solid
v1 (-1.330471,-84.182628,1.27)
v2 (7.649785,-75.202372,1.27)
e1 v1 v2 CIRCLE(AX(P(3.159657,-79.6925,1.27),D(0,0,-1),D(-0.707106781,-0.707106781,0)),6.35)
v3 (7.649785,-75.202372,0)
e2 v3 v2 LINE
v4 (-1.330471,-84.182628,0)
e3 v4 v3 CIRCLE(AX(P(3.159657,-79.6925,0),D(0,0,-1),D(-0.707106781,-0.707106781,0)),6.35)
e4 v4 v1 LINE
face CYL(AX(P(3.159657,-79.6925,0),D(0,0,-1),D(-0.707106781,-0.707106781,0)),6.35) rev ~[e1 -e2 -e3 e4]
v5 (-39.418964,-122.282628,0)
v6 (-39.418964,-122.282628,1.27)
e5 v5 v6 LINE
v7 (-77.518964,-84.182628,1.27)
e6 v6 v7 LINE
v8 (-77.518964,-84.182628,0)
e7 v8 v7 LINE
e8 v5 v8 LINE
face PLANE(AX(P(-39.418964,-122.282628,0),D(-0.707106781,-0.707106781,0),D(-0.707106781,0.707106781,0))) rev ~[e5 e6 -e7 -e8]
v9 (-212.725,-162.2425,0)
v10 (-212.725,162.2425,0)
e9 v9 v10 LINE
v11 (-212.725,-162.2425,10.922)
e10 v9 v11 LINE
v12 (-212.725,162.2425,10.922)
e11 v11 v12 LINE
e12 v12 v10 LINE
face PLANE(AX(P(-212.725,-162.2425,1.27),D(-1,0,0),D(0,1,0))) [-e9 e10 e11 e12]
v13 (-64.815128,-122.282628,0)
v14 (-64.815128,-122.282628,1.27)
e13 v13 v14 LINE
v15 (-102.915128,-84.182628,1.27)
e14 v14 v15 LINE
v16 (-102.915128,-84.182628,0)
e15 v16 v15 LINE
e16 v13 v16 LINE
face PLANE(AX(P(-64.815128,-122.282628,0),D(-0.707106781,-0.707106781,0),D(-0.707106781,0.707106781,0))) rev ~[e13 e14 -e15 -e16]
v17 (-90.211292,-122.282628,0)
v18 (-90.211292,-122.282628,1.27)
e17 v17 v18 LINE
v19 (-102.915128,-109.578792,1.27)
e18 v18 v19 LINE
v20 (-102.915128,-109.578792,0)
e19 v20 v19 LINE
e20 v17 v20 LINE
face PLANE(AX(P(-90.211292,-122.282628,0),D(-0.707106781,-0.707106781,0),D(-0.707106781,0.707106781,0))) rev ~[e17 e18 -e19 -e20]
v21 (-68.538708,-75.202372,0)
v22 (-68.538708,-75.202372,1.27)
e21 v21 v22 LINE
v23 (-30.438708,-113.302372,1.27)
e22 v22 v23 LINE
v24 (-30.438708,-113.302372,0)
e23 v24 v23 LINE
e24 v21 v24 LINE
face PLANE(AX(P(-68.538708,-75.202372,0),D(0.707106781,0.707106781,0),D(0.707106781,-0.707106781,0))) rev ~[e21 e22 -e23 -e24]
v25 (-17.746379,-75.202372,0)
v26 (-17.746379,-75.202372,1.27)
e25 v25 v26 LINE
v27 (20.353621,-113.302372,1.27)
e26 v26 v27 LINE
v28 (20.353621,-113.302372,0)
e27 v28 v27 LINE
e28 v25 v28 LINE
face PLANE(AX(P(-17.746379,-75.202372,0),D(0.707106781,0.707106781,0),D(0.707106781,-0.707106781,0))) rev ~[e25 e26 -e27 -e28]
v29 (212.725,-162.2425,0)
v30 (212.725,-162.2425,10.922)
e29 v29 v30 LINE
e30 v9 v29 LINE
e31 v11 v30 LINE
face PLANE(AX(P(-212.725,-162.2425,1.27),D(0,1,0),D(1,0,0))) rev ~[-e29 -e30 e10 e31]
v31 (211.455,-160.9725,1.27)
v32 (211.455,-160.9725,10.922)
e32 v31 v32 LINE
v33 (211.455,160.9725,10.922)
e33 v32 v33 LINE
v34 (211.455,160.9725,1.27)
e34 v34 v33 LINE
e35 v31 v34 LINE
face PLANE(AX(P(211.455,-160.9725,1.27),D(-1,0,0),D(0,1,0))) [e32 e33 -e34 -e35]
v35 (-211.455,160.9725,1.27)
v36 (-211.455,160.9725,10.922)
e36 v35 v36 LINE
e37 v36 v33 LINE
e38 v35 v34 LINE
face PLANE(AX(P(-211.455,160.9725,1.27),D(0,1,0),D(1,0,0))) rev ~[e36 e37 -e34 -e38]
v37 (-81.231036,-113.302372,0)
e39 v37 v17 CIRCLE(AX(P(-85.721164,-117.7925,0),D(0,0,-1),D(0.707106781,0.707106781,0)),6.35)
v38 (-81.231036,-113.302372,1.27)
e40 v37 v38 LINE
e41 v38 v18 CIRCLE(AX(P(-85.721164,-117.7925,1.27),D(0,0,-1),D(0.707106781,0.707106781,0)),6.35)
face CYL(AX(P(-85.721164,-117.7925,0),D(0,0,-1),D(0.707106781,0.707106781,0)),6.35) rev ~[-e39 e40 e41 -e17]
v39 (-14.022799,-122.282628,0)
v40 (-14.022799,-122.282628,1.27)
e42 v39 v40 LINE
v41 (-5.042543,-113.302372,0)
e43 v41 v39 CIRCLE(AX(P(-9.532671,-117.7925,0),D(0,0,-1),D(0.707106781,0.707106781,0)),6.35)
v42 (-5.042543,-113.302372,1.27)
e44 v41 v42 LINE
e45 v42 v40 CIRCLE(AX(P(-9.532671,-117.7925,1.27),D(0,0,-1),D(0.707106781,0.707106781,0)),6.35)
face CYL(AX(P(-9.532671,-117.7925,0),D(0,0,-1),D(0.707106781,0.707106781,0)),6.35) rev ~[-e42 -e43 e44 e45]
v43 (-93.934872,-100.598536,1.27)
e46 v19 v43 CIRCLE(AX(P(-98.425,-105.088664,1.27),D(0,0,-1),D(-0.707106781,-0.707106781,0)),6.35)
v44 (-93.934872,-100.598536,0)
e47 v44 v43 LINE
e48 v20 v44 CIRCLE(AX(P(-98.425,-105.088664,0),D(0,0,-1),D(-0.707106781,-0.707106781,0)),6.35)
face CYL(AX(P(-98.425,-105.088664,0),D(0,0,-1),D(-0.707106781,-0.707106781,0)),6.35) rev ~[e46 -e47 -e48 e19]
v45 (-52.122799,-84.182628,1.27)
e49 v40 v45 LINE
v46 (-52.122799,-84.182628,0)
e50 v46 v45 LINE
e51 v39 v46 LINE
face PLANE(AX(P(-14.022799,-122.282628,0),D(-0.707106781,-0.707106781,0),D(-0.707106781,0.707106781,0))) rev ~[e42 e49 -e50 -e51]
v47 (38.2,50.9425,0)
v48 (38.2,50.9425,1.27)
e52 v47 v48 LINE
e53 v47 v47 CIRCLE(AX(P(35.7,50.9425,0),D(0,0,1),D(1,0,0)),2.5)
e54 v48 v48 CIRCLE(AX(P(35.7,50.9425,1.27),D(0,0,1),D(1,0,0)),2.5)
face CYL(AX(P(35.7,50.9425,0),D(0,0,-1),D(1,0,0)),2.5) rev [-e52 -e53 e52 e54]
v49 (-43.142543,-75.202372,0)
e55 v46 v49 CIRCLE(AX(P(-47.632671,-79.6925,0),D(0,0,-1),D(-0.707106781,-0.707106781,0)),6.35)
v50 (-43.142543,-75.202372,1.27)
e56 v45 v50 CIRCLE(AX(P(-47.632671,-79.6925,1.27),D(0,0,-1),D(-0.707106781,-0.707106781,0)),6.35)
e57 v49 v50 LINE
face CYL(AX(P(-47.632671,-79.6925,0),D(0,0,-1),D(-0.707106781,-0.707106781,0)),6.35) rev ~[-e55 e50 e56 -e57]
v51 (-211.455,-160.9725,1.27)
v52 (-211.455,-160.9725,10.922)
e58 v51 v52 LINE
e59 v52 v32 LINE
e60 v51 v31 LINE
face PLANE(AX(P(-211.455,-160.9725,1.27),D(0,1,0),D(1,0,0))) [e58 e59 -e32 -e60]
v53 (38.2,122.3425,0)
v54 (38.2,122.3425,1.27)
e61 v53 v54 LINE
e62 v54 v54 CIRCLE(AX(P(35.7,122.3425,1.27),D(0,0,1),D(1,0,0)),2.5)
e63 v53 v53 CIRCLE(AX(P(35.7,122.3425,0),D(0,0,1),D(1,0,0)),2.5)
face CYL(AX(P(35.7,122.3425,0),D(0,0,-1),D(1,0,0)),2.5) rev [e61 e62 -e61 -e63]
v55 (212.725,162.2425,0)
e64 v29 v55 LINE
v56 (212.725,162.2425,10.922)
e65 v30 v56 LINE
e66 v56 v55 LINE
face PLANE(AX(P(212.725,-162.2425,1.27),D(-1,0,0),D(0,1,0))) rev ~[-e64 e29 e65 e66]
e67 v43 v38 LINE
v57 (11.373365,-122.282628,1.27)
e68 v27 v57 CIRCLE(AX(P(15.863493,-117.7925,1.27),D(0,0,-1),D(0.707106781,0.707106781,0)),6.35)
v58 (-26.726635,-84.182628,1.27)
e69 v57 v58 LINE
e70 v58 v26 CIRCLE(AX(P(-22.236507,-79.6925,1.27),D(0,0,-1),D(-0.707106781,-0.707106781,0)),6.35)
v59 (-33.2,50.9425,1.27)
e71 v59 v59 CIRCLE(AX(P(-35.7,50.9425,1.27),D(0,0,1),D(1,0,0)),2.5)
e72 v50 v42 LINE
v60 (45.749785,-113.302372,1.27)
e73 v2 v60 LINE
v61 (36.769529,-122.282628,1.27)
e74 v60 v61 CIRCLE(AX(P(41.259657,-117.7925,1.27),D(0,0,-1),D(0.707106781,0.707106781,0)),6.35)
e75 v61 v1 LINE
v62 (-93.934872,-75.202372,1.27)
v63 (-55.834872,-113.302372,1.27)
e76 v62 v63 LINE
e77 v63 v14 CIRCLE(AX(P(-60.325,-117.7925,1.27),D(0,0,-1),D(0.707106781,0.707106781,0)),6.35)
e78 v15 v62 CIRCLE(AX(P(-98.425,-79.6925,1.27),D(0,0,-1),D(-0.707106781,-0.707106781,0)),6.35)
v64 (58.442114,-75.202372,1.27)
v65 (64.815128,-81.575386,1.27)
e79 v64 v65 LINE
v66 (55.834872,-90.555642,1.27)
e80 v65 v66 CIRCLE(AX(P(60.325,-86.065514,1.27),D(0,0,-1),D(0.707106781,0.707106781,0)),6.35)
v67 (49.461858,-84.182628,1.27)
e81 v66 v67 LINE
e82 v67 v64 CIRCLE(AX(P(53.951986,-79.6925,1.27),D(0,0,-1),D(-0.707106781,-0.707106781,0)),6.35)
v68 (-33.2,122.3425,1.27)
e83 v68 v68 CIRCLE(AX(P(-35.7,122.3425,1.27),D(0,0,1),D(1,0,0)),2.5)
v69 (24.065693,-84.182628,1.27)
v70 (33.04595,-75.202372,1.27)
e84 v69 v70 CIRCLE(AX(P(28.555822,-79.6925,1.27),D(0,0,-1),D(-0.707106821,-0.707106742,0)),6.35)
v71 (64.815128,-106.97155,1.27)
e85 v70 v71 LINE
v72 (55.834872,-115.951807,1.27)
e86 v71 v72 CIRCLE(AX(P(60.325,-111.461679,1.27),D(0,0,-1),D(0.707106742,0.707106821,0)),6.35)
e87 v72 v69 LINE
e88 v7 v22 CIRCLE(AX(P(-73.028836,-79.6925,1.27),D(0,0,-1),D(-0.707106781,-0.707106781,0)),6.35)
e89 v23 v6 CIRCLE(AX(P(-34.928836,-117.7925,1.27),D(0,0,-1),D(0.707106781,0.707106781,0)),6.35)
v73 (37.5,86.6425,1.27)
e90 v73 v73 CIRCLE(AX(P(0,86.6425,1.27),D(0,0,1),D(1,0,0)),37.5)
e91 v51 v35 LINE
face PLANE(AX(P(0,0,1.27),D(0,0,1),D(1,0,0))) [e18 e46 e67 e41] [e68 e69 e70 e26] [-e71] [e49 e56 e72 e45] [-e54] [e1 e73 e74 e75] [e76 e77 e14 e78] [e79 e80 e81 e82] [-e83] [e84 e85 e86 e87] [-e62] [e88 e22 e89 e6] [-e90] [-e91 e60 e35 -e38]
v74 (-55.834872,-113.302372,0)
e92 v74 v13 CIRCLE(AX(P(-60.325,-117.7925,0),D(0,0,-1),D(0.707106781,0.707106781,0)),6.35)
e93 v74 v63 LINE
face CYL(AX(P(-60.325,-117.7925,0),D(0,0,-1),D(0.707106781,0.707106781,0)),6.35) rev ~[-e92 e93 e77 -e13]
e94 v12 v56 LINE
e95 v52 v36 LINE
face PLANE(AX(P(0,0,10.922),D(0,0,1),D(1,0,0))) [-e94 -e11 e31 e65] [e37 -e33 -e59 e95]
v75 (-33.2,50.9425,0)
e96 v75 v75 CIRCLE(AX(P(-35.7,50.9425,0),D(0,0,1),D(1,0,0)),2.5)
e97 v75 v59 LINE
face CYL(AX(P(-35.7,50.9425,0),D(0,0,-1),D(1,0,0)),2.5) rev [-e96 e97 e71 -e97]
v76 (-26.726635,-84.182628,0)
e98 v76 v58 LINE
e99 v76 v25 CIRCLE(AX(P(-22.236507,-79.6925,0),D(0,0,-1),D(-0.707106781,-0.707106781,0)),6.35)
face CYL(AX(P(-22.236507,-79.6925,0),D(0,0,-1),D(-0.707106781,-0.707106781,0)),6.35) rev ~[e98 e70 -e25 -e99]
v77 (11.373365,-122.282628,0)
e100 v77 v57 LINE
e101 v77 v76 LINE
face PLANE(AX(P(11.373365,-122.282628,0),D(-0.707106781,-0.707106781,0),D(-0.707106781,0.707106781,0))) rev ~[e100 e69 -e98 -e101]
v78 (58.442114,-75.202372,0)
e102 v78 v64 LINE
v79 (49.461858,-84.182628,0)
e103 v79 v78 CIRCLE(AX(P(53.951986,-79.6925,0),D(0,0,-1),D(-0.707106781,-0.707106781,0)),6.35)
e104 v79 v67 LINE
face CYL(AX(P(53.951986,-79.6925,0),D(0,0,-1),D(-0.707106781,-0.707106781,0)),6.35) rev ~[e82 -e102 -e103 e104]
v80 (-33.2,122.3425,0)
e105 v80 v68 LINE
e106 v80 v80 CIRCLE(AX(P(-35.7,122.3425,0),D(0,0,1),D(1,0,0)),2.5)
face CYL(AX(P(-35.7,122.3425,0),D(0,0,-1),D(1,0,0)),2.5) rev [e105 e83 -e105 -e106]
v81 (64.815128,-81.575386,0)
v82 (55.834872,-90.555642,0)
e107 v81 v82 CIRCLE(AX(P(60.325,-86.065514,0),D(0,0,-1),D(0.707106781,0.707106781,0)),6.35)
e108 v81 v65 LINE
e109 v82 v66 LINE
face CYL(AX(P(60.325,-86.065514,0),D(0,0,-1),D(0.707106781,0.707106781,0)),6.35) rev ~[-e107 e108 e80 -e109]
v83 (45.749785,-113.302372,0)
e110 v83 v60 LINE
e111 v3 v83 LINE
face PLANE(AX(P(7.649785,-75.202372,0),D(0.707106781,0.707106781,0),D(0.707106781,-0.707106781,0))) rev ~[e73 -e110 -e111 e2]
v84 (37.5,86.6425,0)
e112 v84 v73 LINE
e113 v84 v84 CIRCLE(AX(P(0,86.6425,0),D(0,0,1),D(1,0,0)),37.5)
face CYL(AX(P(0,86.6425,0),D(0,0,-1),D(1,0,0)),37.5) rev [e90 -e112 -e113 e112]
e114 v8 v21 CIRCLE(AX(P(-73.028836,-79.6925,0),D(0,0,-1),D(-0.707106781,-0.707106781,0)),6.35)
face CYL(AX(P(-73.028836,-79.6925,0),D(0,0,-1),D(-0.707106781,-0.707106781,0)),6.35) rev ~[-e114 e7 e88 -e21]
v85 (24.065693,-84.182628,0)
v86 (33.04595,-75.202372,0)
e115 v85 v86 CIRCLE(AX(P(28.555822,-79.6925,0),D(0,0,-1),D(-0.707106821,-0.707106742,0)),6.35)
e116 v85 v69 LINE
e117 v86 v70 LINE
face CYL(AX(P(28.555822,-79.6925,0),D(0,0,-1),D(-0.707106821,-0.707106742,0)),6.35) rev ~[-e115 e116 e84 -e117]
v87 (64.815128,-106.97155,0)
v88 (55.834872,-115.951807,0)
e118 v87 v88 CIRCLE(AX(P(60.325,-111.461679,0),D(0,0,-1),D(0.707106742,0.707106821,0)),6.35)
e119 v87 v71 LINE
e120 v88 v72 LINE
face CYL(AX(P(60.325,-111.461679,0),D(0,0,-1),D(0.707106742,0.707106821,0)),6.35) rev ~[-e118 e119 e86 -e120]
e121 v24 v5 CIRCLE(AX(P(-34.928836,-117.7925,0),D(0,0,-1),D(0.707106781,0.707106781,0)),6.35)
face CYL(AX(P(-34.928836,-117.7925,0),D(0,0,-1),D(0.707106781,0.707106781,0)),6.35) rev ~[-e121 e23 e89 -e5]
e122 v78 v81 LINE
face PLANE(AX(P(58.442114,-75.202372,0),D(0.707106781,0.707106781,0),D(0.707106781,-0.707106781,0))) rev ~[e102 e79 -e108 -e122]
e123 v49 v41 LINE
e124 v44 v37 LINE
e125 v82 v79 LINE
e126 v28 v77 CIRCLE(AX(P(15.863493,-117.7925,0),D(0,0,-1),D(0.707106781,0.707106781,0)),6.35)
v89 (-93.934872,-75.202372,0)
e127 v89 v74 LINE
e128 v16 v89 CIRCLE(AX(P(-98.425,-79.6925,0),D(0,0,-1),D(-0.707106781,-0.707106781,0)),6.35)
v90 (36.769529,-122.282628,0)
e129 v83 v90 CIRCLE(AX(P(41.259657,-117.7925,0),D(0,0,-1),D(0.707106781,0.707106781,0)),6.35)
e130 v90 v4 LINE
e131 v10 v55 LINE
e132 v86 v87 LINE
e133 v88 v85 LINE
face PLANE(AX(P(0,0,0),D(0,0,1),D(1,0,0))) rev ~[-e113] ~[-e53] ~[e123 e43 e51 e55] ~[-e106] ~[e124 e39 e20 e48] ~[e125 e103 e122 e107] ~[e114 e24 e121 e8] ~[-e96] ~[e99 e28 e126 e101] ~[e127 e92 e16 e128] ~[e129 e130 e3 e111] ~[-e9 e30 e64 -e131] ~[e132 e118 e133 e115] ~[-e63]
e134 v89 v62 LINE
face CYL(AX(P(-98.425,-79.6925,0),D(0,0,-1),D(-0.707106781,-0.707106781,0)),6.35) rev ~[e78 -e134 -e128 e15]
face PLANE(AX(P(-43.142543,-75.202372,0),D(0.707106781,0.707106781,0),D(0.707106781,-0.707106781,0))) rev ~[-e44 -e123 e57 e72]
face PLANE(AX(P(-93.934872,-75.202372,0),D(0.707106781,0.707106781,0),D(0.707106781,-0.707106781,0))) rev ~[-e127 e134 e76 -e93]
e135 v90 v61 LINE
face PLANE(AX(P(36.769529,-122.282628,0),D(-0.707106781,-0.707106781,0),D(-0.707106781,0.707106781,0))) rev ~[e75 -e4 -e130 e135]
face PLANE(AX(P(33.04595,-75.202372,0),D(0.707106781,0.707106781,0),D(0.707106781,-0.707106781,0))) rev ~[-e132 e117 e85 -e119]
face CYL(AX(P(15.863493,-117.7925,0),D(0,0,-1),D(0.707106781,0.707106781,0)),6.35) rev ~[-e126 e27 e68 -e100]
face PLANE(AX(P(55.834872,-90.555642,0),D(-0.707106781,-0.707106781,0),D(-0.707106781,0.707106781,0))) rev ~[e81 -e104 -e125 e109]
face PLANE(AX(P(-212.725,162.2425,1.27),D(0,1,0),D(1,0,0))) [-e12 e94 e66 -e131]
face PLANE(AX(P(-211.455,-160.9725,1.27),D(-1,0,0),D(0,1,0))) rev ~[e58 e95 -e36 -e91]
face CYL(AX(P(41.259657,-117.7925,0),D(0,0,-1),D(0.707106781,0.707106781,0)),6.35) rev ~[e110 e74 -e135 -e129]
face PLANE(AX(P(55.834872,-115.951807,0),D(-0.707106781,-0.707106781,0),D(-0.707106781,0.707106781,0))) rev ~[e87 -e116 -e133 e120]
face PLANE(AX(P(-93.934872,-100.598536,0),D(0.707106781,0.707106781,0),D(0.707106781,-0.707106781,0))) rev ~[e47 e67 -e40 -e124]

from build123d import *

# Parameters (mm, degrees)
F0_W     = 425.45
F0_H     = 324.485
F0_R     = 2.5
F0_R_2   = 37.5
F1_DEPTH = 1.27
F2_W     = 425.45
F2_H     = 324.485
F2_W_2   = 422.91
F2_H_2   = 321.945
F3_DEPTH = 9.652


with BuildPart() as f1:
    # F0 (on Top) → F1 (new body)
    with BuildSketch(Plane.XY):
        Rectangle(F0_W, F0_H)
        with BuildLine():
            ThreePointArc((-102.915128, -109.578792), (-102.915128, -100.598536), (-93.934872, -100.598536))
            Line((-93.934872, -100.598536), (-81.231036, -113.302372))
            ThreePointArc((-81.231036, -113.302372), (-81.231036, -122.282628), (-90.211292, -122.282628))
            Line((-90.211292, -122.282628), (-102.915128, -109.578792))
        make_face(mode=Mode.SUBTRACT)
        with BuildLine():
            ThreePointArc((-102.915128, -84.182628), (-102.915128, -75.202372), (-93.934872, -75.202372))
            Line((-93.934872, -75.202372), (-55.834872, -113.302372))
            ThreePointArc((-55.834872, -113.302372), (-55.834872, -122.282628), (-64.815128, -122.282628))
            Line((-64.815128, -122.282628), (-102.915128, -84.182628))
        make_face(mode=Mode.SUBTRACT)
        with BuildLine():
            Line((-39.418964, -122.282628), (-77.518964, -84.182628))
            ThreePointArc((-77.518964, -84.182628), (-77.518964, -75.202372), (-68.538708, -75.202372))
            Line((-68.538708, -75.202372), (-30.438708, -113.302372))
            ThreePointArc((-30.438708, -113.302372), (-30.438708, -122.282628), (-39.418964, -122.282628))
        make_face(mode=Mode.SUBTRACT)
        with BuildLine():
            Line((-14.022799, -122.282628), (-52.122799, -84.182628))
            ThreePointArc((-52.122799, -84.182628), (-52.122799, -75.202372), (-43.142543, -75.202372))
            Line((-43.142543, -75.202372), (-5.042543, -113.302372))
            ThreePointArc((-5.042543, -113.302372), (-5.042543, -122.282628), (-14.022799, -122.282628))
        make_face(mode=Mode.SUBTRACT)
        with BuildLine():
            Line((11.373365, -122.282628), (-26.726635, -84.182628))
            ThreePointArc((-26.726635, -84.182628), (-26.726635, -75.202372), (-17.746379, -75.202372))
            Line((-17.746379, -75.202372), (20.353621, -113.302372))
            ThreePointArc((20.353621, -113.302372), (20.353621, -122.282628), (11.373365, -122.282628))
        make_face(mode=Mode.SUBTRACT)
        with BuildLine():
            Line((36.769529, -122.282628), (-1.330471, -84.182628))
            ThreePointArc((-1.330471, -84.182628), (-1.330471, -75.202372), (7.649785, -75.202372))
            Line((7.649785, -75.202372), (45.749785, -113.302372))
            ThreePointArc((45.749785, -113.302372), (45.749785, -122.282628), (36.769529, -122.282628))
        make_face(mode=Mode.SUBTRACT)
        with BuildLine():
            Line((55.834872, -115.951807), (24.065693, -84.182628))
            ThreePointArc((24.065693, -84.182628), (24.065693, -75.202372), (33.04595, -75.202372))
            Line((33.04595, -75.202372), (64.815128, -106.97155))
            ThreePointArc((64.815128, -106.97155), (64.815128, -115.951807), (55.834872, -115.951807))
        make_face(mode=Mode.SUBTRACT)
        with BuildLine():
            Line((55.834872, -90.555642), (49.461858, -84.182628))
            ThreePointArc((49.461858, -84.182628), (49.461858, -75.202372), (58.442114, -75.202372))
            Line((58.442114, -75.202372), (64.815128, -81.575386))
            ThreePointArc((64.815128, -81.575386), (64.815128, -90.555642), (55.834872, -90.555642))
        make_face(mode=Mode.SUBTRACT)
        with Locations((-35.7, 50.9425)):
            Circle(F0_R, mode=Mode.SUBTRACT)
        with Locations((-35.7, 122.3425)):
            Circle(F0_R, mode=Mode.SUBTRACT)
        with Locations((35.7, 50.9425)):
            Circle(F0_R, mode=Mode.SUBTRACT)
        with Locations((0, 86.6425)):
            Circle(F0_R_2, mode=Mode.SUBTRACT)
        with Locations((35.7, 122.3425)):
            Circle(F0_R, mode=Mode.SUBTRACT)
    extrude(amount=F1_DEPTH)

    # F2 (on face) → F3 (join)
    with BuildSketch(Plane.XY.offset(1.27)):
        Rectangle(F2_W, F2_H)
        Rectangle(F2_W_2, F2_H_2, mode=Mode.SUBTRACT)
    extrude(amount=F3_DEPTH)


solid = f1.part
